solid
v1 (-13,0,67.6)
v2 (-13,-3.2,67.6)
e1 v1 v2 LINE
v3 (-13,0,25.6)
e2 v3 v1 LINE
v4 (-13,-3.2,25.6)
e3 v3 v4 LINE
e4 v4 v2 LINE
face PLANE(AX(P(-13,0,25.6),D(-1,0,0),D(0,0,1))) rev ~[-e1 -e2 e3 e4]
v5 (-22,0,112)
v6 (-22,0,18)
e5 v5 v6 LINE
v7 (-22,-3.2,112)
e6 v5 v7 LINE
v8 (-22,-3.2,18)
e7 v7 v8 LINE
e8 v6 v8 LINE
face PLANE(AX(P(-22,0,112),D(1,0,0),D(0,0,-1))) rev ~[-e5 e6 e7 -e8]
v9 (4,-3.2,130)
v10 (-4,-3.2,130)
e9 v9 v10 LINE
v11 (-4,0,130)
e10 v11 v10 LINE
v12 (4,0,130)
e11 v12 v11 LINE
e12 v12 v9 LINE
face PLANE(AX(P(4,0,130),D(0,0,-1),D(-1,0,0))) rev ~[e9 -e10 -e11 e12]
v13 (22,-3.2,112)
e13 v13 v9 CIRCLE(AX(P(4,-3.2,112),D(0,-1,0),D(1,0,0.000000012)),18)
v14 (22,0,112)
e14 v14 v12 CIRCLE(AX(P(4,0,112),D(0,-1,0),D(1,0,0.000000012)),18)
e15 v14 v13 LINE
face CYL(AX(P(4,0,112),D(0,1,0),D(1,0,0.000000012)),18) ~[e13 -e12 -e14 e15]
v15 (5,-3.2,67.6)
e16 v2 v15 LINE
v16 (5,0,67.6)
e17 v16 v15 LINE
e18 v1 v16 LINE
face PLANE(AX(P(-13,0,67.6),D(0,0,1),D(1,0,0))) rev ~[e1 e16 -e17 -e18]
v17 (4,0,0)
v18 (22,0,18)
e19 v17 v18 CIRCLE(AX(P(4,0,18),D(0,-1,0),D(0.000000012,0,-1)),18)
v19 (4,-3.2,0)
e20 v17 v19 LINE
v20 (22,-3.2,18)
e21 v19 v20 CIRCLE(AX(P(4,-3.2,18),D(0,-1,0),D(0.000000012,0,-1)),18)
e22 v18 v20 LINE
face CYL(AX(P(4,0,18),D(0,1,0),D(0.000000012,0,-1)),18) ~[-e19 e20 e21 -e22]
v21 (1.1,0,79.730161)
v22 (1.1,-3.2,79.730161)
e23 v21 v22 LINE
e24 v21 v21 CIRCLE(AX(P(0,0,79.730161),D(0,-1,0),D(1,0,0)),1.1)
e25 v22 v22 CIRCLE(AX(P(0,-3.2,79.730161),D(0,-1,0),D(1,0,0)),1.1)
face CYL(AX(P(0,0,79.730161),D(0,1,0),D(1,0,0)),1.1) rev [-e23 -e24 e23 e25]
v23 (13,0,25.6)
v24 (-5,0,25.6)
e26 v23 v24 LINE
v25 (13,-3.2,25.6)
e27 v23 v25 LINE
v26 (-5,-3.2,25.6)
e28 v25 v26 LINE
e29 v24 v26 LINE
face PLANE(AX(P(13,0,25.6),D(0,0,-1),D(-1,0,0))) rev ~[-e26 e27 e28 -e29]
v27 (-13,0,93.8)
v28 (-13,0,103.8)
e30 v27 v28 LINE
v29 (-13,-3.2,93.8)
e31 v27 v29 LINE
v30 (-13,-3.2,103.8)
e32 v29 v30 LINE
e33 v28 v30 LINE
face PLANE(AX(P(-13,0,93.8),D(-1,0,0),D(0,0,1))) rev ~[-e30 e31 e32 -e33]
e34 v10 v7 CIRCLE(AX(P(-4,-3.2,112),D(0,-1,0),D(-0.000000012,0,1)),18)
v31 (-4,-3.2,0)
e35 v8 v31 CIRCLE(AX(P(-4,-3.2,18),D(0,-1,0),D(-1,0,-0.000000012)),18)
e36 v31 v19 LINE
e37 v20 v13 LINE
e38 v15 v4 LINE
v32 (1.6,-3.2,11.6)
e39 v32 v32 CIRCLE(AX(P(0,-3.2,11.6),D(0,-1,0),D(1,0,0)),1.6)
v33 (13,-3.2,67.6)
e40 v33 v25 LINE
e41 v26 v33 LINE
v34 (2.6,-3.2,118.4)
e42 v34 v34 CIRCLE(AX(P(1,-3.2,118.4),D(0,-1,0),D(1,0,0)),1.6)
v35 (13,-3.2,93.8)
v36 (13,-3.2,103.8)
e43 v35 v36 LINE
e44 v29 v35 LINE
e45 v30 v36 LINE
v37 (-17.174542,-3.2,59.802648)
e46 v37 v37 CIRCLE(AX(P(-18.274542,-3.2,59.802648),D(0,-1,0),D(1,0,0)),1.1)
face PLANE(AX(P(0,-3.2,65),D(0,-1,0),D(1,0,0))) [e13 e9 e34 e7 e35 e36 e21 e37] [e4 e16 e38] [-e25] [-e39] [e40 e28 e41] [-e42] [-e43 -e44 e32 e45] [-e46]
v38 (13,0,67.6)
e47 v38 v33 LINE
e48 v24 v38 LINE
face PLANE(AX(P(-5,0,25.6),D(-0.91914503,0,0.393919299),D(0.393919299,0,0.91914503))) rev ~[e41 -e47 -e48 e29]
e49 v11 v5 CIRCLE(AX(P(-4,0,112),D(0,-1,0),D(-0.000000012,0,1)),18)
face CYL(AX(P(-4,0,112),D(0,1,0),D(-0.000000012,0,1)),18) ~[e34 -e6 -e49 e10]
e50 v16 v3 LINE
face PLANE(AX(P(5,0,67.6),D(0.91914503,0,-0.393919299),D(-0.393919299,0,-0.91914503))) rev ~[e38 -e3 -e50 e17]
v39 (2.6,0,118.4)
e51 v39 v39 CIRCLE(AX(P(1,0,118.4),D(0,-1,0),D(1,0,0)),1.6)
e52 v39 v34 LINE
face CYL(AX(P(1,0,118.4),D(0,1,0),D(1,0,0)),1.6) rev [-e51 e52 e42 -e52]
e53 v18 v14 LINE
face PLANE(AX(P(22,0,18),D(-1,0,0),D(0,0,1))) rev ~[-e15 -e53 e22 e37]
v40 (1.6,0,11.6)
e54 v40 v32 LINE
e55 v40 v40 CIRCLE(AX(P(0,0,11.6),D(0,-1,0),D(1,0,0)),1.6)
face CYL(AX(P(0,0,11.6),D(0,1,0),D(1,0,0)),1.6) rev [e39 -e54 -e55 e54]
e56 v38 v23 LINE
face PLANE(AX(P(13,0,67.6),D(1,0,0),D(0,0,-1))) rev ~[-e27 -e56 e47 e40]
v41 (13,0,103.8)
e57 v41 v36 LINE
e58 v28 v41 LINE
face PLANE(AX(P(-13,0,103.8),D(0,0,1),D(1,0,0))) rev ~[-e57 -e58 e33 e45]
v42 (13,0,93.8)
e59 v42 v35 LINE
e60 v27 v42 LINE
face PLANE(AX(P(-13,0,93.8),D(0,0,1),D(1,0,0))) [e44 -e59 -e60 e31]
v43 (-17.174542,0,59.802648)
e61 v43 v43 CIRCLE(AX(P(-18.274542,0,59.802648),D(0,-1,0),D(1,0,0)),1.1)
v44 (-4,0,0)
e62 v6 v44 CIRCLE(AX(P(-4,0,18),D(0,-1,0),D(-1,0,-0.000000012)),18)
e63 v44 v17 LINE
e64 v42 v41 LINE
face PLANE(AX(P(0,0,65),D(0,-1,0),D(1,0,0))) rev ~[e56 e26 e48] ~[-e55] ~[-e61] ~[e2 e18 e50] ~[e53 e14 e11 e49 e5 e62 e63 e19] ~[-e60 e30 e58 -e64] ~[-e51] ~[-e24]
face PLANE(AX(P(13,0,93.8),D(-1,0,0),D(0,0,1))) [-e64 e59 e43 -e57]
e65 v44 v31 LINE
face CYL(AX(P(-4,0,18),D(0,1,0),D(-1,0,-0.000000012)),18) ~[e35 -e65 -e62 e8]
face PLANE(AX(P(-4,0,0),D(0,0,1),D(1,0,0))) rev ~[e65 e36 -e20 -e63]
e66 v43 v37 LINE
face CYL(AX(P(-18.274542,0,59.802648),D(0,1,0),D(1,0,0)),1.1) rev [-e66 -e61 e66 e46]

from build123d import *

# Parameters (mm, degrees)
F0_R     = 1.1
F0_R_2   = 1.6
F0_W     = 26
F0_H     = 10
F1_DEPTH = 3.2


with BuildPart() as f1:
    # F0 (on Front) → F1 (new body)
    with BuildSketch(Plane.XZ):
        with BuildLine():
            ThreePointArc((-22, 18), (-16.727922, 5.272078), (-4, 0))
            Line((-4, 0), (4, 0))
            ThreePointArc((4, 0), (16.727922, 5.272078), (22, 18))
            Line((22, 18), (22, 112))
            ThreePointArc((22, 112), (16.727922, 124.727922), (4, 130))
            Line((4, 130), (-4, 130))
            ThreePointArc((-4, 130), (-16.727922, 124.727922), (-22, 112))
            Line((-22, 112), (-22, 18))
        make_face()
        with Locations((-18.274542, 59.802648)):
            Circle(F0_R, mode=Mode.SUBTRACT)
        with Locations((0, 11.6)):
            Circle(F0_R_2, mode=Mode.SUBTRACT)
        Polygon((-5, 25.6), (-13, 25.6), (-13, 67.6), (5, 67.6), (13, 67.6), (13, 25.6), align=None, mode=Mode.SUBTRACT)
        with Locations((0, 79.730161)):
            Circle(F0_R, mode=Mode.SUBTRACT)
        with Locations((0, 98.8)):
            Rectangle(F0_W, F0_H, mode=Mode.SUBTRACT)
        with Locations((1, 118.4)):
            Circle(F0_R_2, mode=Mode.SUBTRACT)
        Polygon((5, 67.6), (-13, 25.6), (-5, 25.6), (13, 67.6), align=None)
    extrude(amount=F1_DEPTH)


solid = f1.part
